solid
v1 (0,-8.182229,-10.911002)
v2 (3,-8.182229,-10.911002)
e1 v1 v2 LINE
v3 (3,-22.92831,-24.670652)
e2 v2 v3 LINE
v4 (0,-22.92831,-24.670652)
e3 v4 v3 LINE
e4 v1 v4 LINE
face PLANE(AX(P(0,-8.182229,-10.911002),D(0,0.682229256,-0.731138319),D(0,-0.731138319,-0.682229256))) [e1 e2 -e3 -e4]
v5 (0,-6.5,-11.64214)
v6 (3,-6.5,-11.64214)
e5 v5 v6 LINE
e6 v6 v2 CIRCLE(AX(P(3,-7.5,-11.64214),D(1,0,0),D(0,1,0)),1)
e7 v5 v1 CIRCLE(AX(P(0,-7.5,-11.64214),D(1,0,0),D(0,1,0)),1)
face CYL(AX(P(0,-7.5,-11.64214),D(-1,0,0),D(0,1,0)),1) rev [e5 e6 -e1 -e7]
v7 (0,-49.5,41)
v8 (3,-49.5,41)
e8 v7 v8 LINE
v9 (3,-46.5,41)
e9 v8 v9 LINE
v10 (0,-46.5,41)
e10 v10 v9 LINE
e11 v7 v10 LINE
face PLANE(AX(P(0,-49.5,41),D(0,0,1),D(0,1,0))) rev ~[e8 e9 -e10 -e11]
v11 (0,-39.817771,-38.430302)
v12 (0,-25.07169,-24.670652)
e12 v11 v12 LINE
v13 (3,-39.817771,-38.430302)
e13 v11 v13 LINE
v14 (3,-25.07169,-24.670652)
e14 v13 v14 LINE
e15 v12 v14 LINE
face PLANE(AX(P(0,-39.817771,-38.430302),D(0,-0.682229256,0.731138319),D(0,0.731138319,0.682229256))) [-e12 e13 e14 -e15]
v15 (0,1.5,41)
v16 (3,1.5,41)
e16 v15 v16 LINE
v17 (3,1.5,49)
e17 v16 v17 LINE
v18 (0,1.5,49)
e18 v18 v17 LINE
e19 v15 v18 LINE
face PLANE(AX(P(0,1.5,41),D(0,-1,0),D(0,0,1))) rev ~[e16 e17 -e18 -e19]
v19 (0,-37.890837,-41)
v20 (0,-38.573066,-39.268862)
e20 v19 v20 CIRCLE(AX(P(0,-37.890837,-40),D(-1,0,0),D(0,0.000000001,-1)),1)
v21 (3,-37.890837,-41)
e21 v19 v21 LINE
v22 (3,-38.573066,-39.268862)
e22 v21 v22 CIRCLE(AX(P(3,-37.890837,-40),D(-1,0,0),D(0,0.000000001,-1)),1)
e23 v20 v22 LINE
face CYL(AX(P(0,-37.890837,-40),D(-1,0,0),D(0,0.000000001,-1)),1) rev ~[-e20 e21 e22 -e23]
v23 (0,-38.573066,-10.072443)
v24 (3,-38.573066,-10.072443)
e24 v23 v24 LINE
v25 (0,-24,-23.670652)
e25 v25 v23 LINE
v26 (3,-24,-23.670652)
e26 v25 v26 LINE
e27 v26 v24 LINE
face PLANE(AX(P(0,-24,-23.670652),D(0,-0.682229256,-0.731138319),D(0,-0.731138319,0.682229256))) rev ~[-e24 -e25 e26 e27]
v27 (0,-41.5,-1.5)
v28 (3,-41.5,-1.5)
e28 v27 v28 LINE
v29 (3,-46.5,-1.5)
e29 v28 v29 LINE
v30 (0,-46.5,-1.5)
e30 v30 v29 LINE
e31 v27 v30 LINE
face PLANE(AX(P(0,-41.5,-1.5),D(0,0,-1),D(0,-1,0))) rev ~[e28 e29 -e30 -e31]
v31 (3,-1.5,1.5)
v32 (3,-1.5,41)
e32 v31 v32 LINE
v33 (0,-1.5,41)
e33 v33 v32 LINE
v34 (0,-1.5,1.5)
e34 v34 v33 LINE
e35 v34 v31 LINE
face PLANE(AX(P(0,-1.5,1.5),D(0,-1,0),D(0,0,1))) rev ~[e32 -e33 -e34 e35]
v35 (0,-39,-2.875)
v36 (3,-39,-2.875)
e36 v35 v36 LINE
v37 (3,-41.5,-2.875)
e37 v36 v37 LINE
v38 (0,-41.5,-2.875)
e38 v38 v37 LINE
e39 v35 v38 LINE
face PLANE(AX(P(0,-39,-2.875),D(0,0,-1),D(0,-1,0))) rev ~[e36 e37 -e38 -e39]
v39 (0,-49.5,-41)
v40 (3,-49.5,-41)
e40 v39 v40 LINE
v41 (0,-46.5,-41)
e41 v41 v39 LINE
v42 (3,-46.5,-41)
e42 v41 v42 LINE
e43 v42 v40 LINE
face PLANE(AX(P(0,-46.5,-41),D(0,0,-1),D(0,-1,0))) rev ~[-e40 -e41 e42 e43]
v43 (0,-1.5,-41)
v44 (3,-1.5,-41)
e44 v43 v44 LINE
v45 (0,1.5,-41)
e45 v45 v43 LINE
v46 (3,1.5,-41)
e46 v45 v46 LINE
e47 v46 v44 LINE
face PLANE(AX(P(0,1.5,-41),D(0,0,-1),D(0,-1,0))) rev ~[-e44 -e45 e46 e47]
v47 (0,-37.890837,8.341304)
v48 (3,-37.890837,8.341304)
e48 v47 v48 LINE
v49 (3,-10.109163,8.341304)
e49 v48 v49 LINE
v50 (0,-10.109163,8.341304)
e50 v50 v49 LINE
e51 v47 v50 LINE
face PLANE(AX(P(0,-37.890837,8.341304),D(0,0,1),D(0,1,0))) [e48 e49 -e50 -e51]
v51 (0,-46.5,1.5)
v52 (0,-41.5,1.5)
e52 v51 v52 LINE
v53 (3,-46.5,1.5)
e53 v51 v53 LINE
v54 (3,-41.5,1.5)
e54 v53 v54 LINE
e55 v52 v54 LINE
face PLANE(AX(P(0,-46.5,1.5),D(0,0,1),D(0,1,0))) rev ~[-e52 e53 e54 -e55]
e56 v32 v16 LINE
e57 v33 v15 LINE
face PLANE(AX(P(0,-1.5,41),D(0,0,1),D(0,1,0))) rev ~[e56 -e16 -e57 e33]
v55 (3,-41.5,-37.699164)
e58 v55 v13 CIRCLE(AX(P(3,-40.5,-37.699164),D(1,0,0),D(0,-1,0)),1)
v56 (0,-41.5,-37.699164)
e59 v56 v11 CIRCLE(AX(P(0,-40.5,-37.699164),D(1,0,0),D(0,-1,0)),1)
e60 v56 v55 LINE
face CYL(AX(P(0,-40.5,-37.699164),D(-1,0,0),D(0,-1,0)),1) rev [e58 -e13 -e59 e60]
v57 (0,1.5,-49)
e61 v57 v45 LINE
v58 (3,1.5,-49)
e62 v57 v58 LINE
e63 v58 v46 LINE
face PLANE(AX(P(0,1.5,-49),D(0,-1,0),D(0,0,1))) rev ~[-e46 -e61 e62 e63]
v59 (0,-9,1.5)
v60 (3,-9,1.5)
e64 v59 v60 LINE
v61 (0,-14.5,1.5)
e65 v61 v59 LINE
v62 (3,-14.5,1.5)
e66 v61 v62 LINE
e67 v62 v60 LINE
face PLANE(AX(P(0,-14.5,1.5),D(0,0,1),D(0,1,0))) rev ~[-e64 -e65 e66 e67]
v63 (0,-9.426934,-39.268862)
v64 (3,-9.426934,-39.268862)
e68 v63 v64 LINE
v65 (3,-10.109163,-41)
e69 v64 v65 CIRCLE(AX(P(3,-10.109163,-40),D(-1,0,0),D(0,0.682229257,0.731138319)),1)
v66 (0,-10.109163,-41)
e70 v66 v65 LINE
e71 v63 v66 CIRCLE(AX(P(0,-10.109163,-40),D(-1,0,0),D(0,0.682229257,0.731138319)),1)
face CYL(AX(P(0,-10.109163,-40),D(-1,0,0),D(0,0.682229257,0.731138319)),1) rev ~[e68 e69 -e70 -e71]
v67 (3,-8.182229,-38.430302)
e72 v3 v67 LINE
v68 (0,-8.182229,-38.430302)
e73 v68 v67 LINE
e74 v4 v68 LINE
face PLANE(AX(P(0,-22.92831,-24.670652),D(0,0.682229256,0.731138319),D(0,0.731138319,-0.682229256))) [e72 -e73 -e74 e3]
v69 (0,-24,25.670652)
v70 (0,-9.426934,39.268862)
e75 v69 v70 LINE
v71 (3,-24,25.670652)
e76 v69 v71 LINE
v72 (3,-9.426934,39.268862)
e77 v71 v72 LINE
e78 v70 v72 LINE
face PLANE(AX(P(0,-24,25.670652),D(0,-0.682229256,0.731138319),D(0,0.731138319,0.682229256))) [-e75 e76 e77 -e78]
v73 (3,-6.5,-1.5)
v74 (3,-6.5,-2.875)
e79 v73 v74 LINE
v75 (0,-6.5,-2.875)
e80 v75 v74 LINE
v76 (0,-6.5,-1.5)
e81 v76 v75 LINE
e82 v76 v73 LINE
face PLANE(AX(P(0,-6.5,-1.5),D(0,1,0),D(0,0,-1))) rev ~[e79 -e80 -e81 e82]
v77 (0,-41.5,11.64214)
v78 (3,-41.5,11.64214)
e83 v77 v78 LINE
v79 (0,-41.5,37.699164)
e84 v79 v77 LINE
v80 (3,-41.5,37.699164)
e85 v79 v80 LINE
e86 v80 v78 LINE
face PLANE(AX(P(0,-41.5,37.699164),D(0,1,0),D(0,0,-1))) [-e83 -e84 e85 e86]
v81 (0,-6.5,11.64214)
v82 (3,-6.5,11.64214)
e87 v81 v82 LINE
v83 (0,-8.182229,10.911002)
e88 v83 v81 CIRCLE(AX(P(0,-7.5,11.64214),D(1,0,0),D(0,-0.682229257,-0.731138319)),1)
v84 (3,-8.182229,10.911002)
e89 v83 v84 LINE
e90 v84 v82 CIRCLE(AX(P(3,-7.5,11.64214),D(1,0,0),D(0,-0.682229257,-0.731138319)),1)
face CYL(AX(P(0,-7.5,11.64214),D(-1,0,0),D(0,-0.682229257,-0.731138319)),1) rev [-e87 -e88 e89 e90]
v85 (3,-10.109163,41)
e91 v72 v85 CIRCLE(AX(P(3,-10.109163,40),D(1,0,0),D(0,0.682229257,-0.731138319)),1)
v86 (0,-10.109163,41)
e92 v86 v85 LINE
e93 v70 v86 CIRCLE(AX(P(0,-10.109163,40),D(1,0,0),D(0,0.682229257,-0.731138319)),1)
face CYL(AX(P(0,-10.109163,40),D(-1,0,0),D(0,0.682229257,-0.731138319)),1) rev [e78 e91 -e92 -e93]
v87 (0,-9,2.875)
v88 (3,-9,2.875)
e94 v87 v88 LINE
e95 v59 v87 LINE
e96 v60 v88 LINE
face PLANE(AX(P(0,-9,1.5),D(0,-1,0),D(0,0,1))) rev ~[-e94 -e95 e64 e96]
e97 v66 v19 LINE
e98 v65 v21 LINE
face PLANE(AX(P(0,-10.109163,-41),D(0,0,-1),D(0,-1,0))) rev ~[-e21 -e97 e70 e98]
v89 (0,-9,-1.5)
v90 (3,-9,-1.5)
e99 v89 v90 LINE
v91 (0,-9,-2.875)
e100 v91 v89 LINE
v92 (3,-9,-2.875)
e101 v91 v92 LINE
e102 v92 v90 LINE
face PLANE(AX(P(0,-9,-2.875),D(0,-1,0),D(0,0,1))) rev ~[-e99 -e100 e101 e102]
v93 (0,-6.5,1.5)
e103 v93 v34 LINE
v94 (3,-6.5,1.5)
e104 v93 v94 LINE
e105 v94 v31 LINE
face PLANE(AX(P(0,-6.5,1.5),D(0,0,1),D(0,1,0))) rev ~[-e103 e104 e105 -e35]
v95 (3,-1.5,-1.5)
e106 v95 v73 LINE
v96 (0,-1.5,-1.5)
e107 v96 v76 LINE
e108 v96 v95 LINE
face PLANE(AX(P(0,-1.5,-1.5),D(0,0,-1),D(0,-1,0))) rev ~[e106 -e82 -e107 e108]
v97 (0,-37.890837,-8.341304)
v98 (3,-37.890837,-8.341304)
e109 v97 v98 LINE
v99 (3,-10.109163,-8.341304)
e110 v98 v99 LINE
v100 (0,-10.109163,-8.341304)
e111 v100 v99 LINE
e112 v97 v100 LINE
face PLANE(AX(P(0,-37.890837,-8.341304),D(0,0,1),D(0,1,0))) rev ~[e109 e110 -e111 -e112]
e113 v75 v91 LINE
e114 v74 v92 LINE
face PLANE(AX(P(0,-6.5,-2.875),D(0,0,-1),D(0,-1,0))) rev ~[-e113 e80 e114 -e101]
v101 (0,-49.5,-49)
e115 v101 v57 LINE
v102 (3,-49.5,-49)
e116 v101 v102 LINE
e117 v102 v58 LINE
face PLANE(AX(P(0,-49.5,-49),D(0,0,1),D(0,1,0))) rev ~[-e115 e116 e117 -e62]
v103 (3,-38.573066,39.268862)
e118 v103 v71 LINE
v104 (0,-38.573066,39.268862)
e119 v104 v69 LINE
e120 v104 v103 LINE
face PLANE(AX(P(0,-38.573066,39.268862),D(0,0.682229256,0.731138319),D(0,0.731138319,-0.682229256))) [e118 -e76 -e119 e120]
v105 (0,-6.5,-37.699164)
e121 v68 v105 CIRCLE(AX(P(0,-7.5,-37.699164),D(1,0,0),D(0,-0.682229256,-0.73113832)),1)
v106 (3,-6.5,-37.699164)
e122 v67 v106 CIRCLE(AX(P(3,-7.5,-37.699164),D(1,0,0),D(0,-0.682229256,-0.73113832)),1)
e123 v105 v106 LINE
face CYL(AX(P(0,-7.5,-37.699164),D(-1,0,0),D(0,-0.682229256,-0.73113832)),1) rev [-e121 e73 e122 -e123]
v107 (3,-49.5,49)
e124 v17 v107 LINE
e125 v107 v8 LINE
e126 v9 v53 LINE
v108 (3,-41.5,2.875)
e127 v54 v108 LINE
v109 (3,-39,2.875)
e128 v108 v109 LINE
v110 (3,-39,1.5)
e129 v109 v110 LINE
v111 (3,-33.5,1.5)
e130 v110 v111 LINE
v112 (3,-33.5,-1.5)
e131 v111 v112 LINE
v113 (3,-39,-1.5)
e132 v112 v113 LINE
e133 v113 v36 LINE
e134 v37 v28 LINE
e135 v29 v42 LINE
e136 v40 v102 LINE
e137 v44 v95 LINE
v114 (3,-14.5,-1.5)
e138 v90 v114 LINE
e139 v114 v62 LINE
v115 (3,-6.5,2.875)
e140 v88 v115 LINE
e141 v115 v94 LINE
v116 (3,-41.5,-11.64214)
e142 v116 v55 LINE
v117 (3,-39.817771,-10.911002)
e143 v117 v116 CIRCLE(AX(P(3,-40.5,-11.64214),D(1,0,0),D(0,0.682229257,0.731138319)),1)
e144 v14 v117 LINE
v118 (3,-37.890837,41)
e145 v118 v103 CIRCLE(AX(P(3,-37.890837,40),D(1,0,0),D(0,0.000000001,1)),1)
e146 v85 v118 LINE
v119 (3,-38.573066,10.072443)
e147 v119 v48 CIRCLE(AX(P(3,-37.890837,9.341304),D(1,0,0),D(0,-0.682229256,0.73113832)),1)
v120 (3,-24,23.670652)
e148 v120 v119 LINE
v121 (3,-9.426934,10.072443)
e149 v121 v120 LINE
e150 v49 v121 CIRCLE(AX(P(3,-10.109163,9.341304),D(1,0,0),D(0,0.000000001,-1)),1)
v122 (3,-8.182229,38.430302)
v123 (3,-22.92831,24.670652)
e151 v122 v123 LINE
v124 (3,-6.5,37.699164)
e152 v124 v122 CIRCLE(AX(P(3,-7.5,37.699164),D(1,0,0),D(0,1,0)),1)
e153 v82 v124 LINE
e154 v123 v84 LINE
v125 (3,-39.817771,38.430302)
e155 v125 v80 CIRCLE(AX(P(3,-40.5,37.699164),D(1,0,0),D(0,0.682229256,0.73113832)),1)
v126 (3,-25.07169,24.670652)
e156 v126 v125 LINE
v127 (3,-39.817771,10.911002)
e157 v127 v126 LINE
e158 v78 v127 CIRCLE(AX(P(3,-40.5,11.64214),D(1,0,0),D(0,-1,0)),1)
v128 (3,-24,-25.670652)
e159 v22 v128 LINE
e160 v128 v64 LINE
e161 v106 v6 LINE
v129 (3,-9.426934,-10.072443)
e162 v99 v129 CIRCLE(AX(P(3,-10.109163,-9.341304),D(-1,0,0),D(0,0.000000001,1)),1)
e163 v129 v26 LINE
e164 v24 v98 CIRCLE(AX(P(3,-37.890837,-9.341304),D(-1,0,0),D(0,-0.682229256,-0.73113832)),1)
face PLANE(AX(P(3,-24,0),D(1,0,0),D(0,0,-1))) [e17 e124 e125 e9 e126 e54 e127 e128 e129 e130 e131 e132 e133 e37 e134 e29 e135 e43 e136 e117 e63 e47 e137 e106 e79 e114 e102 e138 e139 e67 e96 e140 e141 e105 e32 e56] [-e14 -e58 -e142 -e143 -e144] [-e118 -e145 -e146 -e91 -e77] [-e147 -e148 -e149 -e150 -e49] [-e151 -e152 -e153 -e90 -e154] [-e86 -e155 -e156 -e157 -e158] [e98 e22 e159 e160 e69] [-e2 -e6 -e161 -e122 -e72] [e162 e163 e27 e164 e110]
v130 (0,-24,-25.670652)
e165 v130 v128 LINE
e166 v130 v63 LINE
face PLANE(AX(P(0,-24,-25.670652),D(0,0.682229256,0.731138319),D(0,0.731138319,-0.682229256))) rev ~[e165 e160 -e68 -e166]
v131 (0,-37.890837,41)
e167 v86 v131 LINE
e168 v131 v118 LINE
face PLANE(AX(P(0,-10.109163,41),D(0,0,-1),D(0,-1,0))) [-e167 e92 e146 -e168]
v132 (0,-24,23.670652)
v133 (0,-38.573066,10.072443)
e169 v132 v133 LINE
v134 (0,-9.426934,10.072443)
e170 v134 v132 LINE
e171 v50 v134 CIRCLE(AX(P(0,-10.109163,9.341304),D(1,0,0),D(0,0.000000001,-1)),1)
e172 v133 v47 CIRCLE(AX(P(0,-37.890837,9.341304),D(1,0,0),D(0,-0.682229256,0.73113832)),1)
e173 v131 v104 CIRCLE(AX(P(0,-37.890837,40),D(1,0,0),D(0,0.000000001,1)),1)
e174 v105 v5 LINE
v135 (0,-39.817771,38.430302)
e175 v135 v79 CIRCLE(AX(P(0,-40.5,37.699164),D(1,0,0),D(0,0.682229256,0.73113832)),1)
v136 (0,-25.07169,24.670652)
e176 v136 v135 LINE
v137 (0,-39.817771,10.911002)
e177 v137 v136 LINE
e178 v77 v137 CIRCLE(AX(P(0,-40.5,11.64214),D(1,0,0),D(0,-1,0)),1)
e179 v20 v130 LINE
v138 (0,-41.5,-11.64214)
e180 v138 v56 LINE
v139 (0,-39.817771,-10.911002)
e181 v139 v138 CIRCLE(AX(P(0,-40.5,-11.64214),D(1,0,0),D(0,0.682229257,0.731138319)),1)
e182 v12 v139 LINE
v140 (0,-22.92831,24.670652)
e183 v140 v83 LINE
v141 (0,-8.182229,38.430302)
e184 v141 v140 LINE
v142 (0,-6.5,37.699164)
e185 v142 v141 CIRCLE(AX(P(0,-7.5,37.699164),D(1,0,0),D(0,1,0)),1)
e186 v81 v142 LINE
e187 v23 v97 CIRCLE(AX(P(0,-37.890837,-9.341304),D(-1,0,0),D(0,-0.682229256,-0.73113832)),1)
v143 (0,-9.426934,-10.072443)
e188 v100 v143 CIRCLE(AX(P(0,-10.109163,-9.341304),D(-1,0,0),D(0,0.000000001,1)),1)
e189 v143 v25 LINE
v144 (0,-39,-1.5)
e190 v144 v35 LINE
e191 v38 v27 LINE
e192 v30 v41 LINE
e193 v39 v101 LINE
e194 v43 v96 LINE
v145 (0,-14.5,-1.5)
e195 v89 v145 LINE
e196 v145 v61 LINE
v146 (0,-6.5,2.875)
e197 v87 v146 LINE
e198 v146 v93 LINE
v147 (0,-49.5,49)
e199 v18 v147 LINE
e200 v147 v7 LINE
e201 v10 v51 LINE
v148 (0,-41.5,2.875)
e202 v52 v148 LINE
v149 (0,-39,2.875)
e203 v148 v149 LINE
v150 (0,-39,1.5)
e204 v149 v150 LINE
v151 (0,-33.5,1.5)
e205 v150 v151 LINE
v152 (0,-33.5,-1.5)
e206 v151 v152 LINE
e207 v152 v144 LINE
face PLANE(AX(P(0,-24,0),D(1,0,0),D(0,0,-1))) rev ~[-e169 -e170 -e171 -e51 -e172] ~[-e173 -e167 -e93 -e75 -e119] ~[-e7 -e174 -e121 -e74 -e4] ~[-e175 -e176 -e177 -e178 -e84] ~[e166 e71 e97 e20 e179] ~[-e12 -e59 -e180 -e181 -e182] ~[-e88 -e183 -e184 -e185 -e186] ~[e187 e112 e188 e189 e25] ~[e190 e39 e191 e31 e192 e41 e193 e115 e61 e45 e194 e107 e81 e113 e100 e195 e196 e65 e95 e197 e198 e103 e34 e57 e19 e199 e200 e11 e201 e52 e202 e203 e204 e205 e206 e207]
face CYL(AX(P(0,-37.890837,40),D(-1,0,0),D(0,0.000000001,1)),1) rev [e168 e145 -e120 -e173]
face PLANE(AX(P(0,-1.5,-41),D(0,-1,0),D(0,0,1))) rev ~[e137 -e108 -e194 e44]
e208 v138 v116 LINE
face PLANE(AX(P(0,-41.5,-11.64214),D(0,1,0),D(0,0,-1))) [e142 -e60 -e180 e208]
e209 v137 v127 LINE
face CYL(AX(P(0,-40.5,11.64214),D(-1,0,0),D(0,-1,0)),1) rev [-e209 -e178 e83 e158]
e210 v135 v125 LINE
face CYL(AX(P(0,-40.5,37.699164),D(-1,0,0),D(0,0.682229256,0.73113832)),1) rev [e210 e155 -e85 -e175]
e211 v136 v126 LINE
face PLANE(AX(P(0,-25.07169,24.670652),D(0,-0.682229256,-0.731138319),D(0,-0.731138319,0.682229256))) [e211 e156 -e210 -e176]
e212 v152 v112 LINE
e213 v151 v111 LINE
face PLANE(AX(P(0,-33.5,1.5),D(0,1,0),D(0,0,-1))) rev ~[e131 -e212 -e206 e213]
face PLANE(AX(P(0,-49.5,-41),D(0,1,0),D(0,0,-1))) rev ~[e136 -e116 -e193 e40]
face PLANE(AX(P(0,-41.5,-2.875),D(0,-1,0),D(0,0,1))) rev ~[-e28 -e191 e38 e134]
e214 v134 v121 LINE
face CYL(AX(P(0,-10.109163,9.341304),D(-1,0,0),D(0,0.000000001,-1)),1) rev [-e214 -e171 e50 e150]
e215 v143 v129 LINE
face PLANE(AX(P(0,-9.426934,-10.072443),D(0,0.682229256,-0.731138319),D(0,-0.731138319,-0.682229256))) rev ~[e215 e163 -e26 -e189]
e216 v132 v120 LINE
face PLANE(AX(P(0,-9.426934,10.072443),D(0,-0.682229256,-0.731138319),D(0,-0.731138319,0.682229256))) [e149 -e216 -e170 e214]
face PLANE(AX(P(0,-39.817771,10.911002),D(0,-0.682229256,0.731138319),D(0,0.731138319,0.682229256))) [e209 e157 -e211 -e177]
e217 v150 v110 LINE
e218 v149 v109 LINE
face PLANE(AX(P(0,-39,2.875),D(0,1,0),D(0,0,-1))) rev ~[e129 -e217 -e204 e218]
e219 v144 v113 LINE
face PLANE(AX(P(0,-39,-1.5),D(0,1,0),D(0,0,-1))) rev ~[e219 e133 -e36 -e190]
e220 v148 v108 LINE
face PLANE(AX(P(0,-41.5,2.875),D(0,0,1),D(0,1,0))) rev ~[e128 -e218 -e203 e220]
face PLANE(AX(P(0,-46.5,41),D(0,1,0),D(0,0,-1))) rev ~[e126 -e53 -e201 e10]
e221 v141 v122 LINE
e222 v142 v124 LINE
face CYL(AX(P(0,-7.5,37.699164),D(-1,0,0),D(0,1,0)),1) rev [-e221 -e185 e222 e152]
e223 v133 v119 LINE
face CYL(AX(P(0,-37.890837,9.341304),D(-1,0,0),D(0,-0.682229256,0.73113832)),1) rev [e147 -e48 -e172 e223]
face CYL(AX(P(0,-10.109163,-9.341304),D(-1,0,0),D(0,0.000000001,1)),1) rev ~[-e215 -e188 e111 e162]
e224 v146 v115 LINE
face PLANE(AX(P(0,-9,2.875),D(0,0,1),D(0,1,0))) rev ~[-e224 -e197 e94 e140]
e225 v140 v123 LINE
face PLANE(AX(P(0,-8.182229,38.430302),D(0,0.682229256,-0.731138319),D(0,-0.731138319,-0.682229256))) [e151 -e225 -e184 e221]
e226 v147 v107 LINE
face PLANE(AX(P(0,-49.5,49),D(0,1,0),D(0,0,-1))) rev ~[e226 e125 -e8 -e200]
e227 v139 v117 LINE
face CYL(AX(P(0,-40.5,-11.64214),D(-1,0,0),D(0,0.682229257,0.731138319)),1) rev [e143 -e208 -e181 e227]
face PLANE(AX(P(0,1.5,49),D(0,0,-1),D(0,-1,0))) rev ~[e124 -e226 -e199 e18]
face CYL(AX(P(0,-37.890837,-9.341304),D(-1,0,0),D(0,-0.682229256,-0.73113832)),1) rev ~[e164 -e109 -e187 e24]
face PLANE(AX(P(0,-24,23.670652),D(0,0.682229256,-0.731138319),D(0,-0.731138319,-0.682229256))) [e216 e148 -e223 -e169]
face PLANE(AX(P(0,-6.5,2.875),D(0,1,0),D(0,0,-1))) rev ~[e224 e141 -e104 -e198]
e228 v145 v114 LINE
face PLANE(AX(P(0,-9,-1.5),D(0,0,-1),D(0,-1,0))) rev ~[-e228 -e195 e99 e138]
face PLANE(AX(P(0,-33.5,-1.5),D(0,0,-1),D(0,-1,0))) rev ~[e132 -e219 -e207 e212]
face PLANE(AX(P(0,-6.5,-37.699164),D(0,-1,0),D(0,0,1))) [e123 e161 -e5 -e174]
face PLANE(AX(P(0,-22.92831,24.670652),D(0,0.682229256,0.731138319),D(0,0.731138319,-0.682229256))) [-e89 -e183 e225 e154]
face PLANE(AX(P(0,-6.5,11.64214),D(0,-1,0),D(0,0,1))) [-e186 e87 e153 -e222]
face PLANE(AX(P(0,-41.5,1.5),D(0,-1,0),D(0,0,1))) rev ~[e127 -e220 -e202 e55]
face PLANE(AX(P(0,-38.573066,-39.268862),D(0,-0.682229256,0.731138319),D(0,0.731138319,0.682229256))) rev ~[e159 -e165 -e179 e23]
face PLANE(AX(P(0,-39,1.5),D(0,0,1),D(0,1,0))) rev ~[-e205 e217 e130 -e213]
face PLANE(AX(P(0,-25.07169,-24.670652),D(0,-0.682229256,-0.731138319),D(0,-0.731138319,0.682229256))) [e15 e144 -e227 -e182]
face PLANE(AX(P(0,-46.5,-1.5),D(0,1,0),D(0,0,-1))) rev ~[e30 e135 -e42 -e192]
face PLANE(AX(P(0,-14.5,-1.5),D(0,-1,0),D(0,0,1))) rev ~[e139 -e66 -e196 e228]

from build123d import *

# Parameters (mm, degrees)
RESSALTO_EXTRUS_O1_DEPTH = 3


with BuildPart() as part:
    # Esboço1 → Ressalto-extrusão1 (new body)
    with BuildSketch(Plane(origin=(0, 0, 0), x_dir=(0, 0, -1), z_dir=(1, 0, 0))):
        Polygon((49, 1.499999999), (41, 1.499999999), (41, -1.500000001), (33.485947172, -1.500000001), (1.5, -1.500000001), (1.5, -6.500000001), (2.875, -6.500000001), (2.875, -9.000000001), (1.5, -9.000000001), (1.5, -14.500000001), (-1.5, -14.500000001), (-1.5, -9.000000001), (-2.875, -9.000000001), (-2.875, -6.500000001), (-1.5, -6.500000001), (-1.5, -1.500000001), (-40.999999999, -1.500000001), (-40.999999999, 1.499999999), (-48.999999999, 1.499999999), (-48.999999999, -1.500000001), (-48.999999999, -46.500000001), (-48.999999999, -49.500000001), (-40.999999999, -49.500000001), (-40.999999999, -46.500000001), (-1.5, -46.500000001), (-1.5, -41.500000001), (-2.875, -41.500000001), (-2.875, -39.000000001), (-1.5, -39.000000001), (-1.5, -33.500000001), (1.5, -33.500000001), (1.5, -39.000000001), (2.875, -39.000000001), (2.875, -41.500000001), (1.5, -41.500000001), (1.5, -46.500000001), (33.485947172, -46.500000001), (41, -46.500000001), (41, -49.5), (49, -49.5), (49, -46.500000001), (49, -24.000000001), (49, -1.500000001), align=None)
        with BuildLine():
            Line((-40.999999999, -10.109163073), (-40.999999999, -37.890836928))
            ThreePointArc((-40.999999999, -37.890836928), (-40.366648114, -38.821196622), (-39.26886168, -38.573066184))
            Line((-39.26886168, -38.573066184), (-25.670652093, -24.000000001))
            Line((-25.670652093, -24.000000001), (-39.26886168, -9.426933817))
            ThreePointArc((-39.26886168, -9.426933817), (-40.366648114, -9.17880338), (-40.999999999, -10.109163073))
        make_face(mode=Mode.SUBTRACT)
        with BuildLine():
            Line((-37.699164149, -41.500000001), (-11.642140036, -41.500000001))
            ThreePointArc((-11.642140036, -41.500000001), (-10.725017019, -40.898604281), (-10.911001717, -39.817770745))
            Line((-10.911001717, -39.817770745), (-24.670652093, -25.071690071))
            Line((-24.670652093, -25.071690071), (-38.430302469, -39.817770745))
            ThreePointArc((-38.430302469, -39.817770745), (-38.616287166, -40.898604281), (-37.699164149, -41.500000001))
        make_face(mode=Mode.SUBTRACT)
        with BuildLine():
            Line((-8.341304186, -37.890836928), (-8.341304186, -10.109163073))
            ThreePointArc((-8.341304186, -10.109163073), (-8.974656071, -9.17880338), (-10.072442506, -9.426933817))
            Line((-10.072442506, -9.426933817), (-23.670652093, -24.000000001))
            Line((-23.670652093, -24.000000001), (-10.072442506, -38.573066184))
            ThreePointArc((-10.072442506, -38.573066184), (-8.974656071, -38.821196622), (-8.341304186, -37.890836928))
        make_face(mode=Mode.SUBTRACT)
        with BuildLine():
            Line((-11.642140036, -6.500000001), (-37.699164149, -6.500000001))
            ThreePointArc((-37.699164149, -6.500000001), (-38.616287166, -7.101395721), (-38.430302469, -8.182229257))
            Line((-38.430302469, -8.182229257), (-24.670652093, -22.928309931))
            Line((-24.670652093, -22.928309931), (-10.911001717, -8.182229257))
            ThreePointArc((-10.911001717, -8.182229257), (-10.725017019, -7.101395721), (-11.642140036, -6.500000001))
        make_face(mode=Mode.SUBTRACT)
        with BuildLine():
            Line((10.911001717, -8.182229257), (24.670652093, -22.928309931))
            Line((24.670652093, -22.928309931), (38.430302469, -8.182229257))
            ThreePointArc((38.430302469, -8.182229257), (38.616287166, -7.101395721), (37.699164149, -6.500000001))
            Line((37.699164149, -6.500000001), (11.642140036, -6.500000001))
            ThreePointArc((11.642140036, -6.500000001), (10.725017019, -7.101395721), (10.911001717, -8.182229257))
        make_face(mode=Mode.SUBTRACT)
        with BuildLine():
            Line((10.072442506, -9.426933817), (23.670652093, -24.000000001))
            Line((23.670652093, -24.000000001), (10.072442506, -38.573066184))
            ThreePointArc((10.072442506, -38.573066184), (8.974656071, -38.821196622), (8.341304186, -37.890836928))
            Line((8.341304186, -37.890836928), (8.341304186, -10.109163073))
            ThreePointArc((8.341304186, -10.109163073), (8.974656071, -9.17880338), (10.072442506, -9.426933817))
        make_face(mode=Mode.SUBTRACT)
        with BuildLine():
            Line((25.670652093, -24.000000001), (39.26886168, -9.426933817))
            ThreePointArc((39.26886168, -9.426933817), (40.366648114, -9.17880338), (40.999999999, -10.109163073))
            Line((40.999999999, -10.109163073), (40.999999999, -37.890836928))
            ThreePointArc((40.999999999, -37.890836928), (40.366648114, -38.821196622), (39.26886168, -38.573066184))
            Line((39.26886168, -38.573066184), (25.670652093, -24.000000001))
        make_face(mode=Mode.SUBTRACT)
        with BuildLine():
            Line((24.670652093, -25.071690071), (10.911001717, -39.817770745))
            ThreePointArc((10.911001717, -39.817770745), (10.725017019, -40.898604281), (11.642140036, -41.500000001))
            Line((11.642140036, -41.500000001), (37.699164149, -41.500000001))
            ThreePointArc((37.699164149, -41.500000001), (38.616287166, -40.898604281), (38.430302469, -39.817770745))
            Line((38.430302469, -39.817770745), (24.670652093, -25.071690071))
        make_face(mode=Mode.SUBTRACT)
    extrude(amount=RESSALTO_EXTRUS_O1_DEPTH)


solid = part.part
